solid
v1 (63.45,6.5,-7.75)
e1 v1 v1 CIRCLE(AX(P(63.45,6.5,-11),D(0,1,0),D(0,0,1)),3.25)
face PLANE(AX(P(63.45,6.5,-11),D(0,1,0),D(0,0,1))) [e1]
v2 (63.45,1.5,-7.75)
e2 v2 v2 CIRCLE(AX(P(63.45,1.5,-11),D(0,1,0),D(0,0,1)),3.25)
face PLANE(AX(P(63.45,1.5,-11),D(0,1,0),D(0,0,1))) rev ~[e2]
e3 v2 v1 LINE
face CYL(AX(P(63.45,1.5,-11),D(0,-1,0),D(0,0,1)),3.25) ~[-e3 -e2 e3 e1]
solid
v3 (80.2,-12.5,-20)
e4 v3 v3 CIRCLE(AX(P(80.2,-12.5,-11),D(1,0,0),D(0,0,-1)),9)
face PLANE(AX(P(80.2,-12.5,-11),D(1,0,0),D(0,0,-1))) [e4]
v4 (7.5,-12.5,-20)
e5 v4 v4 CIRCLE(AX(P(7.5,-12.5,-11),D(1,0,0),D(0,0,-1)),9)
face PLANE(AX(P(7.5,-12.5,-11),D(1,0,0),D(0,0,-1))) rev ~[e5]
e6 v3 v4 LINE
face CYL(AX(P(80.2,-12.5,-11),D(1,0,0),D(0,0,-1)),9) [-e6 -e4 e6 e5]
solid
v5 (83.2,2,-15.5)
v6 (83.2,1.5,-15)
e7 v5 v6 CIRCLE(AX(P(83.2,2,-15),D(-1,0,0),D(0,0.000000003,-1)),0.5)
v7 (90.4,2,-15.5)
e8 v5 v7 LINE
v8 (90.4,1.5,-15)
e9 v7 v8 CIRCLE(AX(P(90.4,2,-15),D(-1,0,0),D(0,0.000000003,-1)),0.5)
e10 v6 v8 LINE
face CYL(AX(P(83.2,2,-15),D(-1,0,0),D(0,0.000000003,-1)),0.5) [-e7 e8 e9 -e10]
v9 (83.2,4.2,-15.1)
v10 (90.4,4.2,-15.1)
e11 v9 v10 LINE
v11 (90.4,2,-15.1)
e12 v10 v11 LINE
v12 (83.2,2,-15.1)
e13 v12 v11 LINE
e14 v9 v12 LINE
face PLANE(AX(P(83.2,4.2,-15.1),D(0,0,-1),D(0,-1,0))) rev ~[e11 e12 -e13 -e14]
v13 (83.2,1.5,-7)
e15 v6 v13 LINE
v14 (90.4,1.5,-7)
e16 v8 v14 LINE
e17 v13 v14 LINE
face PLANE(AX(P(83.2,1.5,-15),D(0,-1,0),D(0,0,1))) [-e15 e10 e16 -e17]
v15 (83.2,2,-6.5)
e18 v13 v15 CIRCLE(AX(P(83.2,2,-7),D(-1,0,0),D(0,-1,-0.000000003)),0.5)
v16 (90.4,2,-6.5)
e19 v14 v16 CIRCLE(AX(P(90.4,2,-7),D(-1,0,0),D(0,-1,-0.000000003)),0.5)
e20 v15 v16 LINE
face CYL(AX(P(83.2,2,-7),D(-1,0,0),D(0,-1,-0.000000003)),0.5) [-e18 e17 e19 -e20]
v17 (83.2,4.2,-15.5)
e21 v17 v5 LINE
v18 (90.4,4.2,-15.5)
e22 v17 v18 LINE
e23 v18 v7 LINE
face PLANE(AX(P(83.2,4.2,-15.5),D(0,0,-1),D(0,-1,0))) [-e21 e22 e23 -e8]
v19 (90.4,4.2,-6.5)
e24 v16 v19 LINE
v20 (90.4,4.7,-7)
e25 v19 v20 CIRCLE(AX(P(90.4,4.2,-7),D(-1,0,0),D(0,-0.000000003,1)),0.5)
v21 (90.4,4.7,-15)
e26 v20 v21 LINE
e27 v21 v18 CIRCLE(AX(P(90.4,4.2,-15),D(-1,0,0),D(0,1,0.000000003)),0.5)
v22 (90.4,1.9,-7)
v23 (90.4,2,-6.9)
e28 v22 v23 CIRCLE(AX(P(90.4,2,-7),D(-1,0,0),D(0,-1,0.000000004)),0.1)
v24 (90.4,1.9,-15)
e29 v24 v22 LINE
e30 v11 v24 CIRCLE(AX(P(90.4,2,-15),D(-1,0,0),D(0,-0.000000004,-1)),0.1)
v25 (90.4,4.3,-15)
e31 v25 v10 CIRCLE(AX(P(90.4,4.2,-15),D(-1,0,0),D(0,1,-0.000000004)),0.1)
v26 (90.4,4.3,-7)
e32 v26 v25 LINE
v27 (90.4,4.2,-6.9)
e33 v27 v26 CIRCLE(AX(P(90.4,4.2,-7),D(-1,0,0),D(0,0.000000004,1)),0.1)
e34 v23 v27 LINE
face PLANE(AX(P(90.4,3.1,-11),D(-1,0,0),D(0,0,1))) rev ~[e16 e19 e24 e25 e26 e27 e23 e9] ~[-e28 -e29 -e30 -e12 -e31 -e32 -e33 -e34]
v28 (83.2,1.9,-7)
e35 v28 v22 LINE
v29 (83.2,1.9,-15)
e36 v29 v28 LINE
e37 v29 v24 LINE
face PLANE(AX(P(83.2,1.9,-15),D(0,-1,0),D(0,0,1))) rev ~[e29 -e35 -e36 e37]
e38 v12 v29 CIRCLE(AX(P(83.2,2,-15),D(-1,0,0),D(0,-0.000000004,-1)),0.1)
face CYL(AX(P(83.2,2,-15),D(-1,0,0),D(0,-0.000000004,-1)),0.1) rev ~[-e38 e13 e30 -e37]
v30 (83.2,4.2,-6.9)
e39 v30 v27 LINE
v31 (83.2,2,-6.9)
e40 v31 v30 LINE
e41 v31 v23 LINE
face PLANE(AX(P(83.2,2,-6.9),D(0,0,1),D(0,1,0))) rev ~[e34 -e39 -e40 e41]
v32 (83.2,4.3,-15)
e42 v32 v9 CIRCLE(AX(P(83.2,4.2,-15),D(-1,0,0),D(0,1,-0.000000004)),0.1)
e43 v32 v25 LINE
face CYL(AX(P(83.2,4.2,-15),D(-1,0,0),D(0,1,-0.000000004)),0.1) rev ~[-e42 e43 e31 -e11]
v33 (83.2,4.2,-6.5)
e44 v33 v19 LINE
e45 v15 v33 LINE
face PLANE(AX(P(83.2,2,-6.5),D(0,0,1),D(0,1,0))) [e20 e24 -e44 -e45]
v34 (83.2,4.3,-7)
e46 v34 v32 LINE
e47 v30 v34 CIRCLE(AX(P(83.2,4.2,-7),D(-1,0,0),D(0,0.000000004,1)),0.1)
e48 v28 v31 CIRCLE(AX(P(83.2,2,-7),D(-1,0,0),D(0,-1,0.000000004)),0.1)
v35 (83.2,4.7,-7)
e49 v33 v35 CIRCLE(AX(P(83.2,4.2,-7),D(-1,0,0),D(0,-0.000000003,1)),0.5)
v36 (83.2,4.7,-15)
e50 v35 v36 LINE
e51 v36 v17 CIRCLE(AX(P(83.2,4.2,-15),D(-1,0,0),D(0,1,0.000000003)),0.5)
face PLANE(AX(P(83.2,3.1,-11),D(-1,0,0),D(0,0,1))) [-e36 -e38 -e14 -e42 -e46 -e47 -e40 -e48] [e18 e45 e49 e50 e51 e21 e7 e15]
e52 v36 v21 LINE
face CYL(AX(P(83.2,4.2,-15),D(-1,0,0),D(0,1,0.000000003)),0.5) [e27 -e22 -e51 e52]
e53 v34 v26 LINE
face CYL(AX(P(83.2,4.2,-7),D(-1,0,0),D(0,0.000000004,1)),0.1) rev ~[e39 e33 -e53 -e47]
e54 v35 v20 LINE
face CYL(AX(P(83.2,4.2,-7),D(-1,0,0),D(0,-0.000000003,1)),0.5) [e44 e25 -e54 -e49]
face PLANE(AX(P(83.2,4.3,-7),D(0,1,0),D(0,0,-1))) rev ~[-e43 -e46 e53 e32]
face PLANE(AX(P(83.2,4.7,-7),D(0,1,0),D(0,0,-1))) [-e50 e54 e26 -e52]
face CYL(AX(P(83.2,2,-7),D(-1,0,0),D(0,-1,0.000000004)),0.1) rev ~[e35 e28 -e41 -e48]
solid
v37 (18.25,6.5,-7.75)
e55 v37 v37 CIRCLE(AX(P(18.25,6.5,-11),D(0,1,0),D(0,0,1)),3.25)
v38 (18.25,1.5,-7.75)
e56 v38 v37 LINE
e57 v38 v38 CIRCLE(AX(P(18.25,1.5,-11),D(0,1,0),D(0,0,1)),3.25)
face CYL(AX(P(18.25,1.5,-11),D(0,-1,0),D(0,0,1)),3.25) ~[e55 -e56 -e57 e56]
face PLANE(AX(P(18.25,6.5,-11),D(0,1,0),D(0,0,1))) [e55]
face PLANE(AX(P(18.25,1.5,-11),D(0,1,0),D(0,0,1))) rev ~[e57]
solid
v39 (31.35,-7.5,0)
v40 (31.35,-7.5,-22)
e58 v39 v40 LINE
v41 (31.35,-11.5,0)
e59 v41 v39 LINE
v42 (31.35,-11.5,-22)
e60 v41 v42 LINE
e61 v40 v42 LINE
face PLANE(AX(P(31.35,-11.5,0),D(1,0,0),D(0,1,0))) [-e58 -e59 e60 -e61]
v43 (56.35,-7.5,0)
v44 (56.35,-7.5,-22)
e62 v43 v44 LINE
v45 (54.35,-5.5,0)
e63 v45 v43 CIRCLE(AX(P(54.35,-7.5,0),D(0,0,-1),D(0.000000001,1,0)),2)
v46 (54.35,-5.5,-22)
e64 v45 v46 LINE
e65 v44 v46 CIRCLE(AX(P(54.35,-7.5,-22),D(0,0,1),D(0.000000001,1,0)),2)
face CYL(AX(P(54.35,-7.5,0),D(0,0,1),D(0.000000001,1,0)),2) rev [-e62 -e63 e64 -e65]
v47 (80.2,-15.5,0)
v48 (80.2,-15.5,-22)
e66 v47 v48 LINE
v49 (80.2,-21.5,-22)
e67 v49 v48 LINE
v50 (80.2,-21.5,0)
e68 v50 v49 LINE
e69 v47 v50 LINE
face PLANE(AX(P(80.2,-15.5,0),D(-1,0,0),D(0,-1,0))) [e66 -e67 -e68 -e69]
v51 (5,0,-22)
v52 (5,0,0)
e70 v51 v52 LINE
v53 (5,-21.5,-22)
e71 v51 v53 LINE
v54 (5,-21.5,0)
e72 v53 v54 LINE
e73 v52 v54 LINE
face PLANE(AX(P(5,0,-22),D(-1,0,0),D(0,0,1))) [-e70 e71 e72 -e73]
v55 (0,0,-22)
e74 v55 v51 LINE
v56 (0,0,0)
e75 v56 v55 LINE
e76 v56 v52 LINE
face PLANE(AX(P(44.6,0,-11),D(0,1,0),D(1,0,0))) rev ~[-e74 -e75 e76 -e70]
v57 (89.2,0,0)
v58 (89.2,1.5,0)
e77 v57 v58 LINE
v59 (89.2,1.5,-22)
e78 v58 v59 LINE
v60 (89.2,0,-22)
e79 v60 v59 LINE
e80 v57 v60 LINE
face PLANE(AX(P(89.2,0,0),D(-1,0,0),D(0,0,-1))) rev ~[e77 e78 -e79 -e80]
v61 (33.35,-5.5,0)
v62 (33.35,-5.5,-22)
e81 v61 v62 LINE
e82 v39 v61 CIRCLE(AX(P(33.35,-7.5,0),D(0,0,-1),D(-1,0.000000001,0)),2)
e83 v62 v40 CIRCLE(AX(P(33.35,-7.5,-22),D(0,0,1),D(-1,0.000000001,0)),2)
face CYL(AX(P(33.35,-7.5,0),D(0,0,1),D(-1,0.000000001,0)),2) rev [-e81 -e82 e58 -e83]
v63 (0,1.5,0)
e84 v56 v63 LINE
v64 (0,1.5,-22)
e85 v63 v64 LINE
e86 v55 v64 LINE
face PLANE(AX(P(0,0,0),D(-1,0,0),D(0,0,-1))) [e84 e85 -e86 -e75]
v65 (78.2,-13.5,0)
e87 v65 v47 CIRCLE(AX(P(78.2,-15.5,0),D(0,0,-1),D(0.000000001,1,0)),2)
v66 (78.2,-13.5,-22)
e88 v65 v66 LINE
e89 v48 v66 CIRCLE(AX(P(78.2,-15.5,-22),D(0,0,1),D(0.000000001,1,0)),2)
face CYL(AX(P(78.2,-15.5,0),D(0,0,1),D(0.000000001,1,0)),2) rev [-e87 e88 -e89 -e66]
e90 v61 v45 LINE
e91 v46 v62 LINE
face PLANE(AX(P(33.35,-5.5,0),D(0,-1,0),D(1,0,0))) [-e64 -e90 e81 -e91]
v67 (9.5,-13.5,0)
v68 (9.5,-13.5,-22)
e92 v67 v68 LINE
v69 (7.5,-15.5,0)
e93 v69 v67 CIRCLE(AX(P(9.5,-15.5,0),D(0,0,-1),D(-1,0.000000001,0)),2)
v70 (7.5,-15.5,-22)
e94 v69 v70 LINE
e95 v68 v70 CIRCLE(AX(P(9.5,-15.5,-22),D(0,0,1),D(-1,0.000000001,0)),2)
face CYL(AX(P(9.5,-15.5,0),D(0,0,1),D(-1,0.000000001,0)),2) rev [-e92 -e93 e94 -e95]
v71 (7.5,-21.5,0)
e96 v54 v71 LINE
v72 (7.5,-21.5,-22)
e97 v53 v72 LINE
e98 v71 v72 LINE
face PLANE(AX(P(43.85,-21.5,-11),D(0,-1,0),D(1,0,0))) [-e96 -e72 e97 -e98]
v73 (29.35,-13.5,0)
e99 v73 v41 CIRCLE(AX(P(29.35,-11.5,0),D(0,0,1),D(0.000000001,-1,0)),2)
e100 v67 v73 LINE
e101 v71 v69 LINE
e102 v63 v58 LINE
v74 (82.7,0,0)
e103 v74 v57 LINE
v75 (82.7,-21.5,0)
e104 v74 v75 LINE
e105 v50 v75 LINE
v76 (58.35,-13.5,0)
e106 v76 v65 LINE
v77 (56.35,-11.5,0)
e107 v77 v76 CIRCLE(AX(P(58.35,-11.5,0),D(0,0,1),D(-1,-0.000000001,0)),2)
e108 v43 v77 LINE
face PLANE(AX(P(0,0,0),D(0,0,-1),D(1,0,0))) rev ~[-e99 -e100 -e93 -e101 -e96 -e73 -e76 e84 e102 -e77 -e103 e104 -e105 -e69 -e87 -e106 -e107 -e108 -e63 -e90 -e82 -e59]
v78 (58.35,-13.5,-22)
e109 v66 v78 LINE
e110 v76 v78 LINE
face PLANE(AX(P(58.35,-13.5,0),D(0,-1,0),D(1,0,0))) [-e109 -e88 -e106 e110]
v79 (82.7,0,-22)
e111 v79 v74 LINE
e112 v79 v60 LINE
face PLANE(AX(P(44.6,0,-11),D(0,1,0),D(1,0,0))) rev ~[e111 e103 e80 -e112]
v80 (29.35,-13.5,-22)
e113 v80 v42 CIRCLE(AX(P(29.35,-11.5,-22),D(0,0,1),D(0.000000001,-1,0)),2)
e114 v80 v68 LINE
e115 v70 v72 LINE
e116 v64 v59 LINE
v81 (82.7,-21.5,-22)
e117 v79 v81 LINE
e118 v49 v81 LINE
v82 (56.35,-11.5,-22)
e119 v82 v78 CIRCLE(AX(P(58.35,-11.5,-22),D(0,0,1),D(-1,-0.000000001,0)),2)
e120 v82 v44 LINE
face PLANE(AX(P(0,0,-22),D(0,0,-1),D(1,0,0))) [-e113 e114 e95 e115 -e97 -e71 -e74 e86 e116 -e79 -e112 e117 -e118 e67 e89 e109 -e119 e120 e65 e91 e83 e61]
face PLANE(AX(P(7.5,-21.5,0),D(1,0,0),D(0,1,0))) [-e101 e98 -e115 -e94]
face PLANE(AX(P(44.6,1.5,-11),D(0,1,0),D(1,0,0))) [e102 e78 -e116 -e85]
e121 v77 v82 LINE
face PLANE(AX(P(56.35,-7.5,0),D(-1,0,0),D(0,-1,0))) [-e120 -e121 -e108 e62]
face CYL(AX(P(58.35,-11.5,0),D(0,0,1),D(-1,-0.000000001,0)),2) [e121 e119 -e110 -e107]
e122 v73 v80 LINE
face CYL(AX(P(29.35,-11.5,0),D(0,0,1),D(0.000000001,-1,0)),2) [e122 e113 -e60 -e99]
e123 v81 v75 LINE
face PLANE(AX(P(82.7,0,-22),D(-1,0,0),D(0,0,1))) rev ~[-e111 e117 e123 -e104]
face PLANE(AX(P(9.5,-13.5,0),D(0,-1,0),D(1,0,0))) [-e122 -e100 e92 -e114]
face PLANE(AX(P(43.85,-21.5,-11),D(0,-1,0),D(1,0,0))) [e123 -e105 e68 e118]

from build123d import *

# Parameters (mm, degrees)
SKETCH1_W                = 89.2
SKETCH1_H                = 22
BOSS_EXTRUDE1_DEPTH      = 1.5
BOSS_EXTRUDE2_DEPTH      = 1.2
BOSS_EXTRUDE2_DEPTH_BACK = 6
SKETCH4_R                = 3.25
BOSS_EXTRUDE3_DEPTH      = 5
BOSS_EXTRUDE3_2_DEPTH    = 5
SKETCH5_W                = 77.7
SKETCH5_H                = 22
BOSS_EXTRUDE4_DEPTH      = 21.5
CUT_EXTRUDE1_DEPTH       = 31.5
SKETCH7_R                = 9
BOSS_EXTRUDE5_DEPTH      = 72.7


with BuildPart() as part:
    # Sketch1 → Boss-Extrude1 (new body)
    with BuildSketch(Plane(origin=(0, 0, 0), x_dir=(1, 0, 0), z_dir=(0, 1, 0))):
        with Locations((44.6, 11)):
            Rectangle(SKETCH1_W, SKETCH1_H)
    extrude(amount=BOSS_EXTRUDE1_DEPTH)

    # Sketch5 → Boss-Extrude4 (add)
    with BuildSketch(Plane.XZ):
        with Locations((43.85, -11)):
            Rectangle(SKETCH5_W, SKETCH5_H)
    extrude(amount=BOSS_EXTRUDE4_DEPTH)

    # Sketch8 → Cut-Extrude1 (cut)
    with BuildSketch(Plane.XY):
        with BuildLine():
            Line((7.5, -21.5), (7.5, -15.5))
            ThreePointArc((7.5, -15.5), (8.085786438, -14.085786438), (9.5, -13.5))
            Line((9.5, -13.5), (29.35, -13.5))
            ThreePointArc((29.35, -13.5), (30.764213562, -12.914213562), (31.35, -11.5))
            Line((31.35, -11.5), (31.35, -7.5))
            ThreePointArc((31.35, -7.5), (31.935786438, -6.085786438), (33.35, -5.5))
            Line((33.35, -5.5), (54.35, -5.5))
            ThreePointArc((54.35, -5.5), (55.764213562, -6.085786438), (56.35, -7.5))
            Line((56.35, -7.5), (56.35, -11.5))
            ThreePointArc((56.35, -11.5), (56.935786438, -12.914213562), (58.35, -13.5))
            Line((58.35, -13.5), (78.2, -13.5))
            ThreePointArc((78.2, -13.5), (79.614213562, -14.085786438), (80.2, -15.5))
            Line((80.2, -15.5), (80.2, -21.5))
            Line((80.2, -21.5), (7.5, -21.5))
        make_face()
    extrude(amount=-CUT_EXTRUDE1_DEPTH, mode=Mode.SUBTRACT)


with BuildPart() as body_2:
    # Sketch3 → Boss-Extrude2 (new, two sides: drawn at the far end of the back side and taken through both)
    with BuildSketch(Plane(origin=(89.2, 0, 0), x_dir=(0, 0, -1), z_dir=(1, 0, 0)).offset(-BOSS_EXTRUDE2_DEPTH_BACK)):
        with BuildLine():
            Line((7, 4.7), (15, 4.7))
            ThreePointArc((15, 4.7), (15.353553391, 4.553553391), (15.5, 4.2))
            Line((15.5, 4.2), (15.5, 2))
            ThreePointArc((15.5, 2), (15.353553391, 1.646446609), (15, 1.5))
            Line((15, 1.5), (7, 1.5))
            ThreePointArc((7, 1.5), (6.646446609, 1.646446609), (6.5, 2))
            Line((6.5, 2), (6.5, 4.2))
            ThreePointArc((6.5, 4.2), (6.646446609, 4.553553391), (7, 4.7))
        make_face()
        with BuildLine():
            Line((7, 4.3), (15, 4.3))
            ThreePointArc((15, 4.3), (15.070710678, 4.270710678), (15.1, 4.2))
            Line((15.1, 4.2), (15.1, 2))
            ThreePointArc((15.1, 2), (15.070710678, 1.929289322), (15, 1.9))
            Line((15, 1.9), (7, 1.9))
            ThreePointArc((7, 1.9), (6.929289322, 1.929289322), (6.9, 2))
            Line((6.9, 2), (6.9, 4.2))
            ThreePointArc((6.9, 4.2), (6.929289322, 4.270710678), (7, 4.3))
        make_face(mode=Mode.SUBTRACT)
    extrude(amount=BOSS_EXTRUDE2_DEPTH + BOSS_EXTRUDE2_DEPTH_BACK)


with BuildPart() as body_3:
    # Sketch4 → Boss-Extrude3 (new body)
    with BuildSketch(Plane(origin=(0, 1.5, 0), x_dir=(1, 0, 0), z_dir=(0, 1, 0))):
        with Locations(Location((18.25, 11, 0), (0, 0, 270))):
            Circle(SKETCH4_R)
    extrude(amount=BOSS_EXTRUDE3_DEPTH)


with BuildPart() as body_4:
    # Sketch4 → Boss-Extrude3 2 (new body)
    with BuildSketch(Plane(origin=(0, 1.5, 0), x_dir=(1, 0, 0), z_dir=(0, 1, 0))):
        with Locations(Location((63.45, 11, 0), (0, 0, 270))):
            Circle(SKETCH4_R)
    extrude(amount=BOSS_EXTRUDE3_2_DEPTH)


with BuildPart() as body_5:
    # Sketch7 → Boss-Extrude5 (new body)
    with BuildSketch(Plane(origin=(80.2, 0, 0), x_dir=(0, 0, -1), z_dir=(1, 0, 0))):
        with Locations((11, -12.5)):
            Circle(SKETCH7_R)
    extrude(amount=-BOSS_EXTRUDE5_DEPTH)


solid = Compound([part.part, body_2.part, body_3.part, body_4.part, body_5.part])
